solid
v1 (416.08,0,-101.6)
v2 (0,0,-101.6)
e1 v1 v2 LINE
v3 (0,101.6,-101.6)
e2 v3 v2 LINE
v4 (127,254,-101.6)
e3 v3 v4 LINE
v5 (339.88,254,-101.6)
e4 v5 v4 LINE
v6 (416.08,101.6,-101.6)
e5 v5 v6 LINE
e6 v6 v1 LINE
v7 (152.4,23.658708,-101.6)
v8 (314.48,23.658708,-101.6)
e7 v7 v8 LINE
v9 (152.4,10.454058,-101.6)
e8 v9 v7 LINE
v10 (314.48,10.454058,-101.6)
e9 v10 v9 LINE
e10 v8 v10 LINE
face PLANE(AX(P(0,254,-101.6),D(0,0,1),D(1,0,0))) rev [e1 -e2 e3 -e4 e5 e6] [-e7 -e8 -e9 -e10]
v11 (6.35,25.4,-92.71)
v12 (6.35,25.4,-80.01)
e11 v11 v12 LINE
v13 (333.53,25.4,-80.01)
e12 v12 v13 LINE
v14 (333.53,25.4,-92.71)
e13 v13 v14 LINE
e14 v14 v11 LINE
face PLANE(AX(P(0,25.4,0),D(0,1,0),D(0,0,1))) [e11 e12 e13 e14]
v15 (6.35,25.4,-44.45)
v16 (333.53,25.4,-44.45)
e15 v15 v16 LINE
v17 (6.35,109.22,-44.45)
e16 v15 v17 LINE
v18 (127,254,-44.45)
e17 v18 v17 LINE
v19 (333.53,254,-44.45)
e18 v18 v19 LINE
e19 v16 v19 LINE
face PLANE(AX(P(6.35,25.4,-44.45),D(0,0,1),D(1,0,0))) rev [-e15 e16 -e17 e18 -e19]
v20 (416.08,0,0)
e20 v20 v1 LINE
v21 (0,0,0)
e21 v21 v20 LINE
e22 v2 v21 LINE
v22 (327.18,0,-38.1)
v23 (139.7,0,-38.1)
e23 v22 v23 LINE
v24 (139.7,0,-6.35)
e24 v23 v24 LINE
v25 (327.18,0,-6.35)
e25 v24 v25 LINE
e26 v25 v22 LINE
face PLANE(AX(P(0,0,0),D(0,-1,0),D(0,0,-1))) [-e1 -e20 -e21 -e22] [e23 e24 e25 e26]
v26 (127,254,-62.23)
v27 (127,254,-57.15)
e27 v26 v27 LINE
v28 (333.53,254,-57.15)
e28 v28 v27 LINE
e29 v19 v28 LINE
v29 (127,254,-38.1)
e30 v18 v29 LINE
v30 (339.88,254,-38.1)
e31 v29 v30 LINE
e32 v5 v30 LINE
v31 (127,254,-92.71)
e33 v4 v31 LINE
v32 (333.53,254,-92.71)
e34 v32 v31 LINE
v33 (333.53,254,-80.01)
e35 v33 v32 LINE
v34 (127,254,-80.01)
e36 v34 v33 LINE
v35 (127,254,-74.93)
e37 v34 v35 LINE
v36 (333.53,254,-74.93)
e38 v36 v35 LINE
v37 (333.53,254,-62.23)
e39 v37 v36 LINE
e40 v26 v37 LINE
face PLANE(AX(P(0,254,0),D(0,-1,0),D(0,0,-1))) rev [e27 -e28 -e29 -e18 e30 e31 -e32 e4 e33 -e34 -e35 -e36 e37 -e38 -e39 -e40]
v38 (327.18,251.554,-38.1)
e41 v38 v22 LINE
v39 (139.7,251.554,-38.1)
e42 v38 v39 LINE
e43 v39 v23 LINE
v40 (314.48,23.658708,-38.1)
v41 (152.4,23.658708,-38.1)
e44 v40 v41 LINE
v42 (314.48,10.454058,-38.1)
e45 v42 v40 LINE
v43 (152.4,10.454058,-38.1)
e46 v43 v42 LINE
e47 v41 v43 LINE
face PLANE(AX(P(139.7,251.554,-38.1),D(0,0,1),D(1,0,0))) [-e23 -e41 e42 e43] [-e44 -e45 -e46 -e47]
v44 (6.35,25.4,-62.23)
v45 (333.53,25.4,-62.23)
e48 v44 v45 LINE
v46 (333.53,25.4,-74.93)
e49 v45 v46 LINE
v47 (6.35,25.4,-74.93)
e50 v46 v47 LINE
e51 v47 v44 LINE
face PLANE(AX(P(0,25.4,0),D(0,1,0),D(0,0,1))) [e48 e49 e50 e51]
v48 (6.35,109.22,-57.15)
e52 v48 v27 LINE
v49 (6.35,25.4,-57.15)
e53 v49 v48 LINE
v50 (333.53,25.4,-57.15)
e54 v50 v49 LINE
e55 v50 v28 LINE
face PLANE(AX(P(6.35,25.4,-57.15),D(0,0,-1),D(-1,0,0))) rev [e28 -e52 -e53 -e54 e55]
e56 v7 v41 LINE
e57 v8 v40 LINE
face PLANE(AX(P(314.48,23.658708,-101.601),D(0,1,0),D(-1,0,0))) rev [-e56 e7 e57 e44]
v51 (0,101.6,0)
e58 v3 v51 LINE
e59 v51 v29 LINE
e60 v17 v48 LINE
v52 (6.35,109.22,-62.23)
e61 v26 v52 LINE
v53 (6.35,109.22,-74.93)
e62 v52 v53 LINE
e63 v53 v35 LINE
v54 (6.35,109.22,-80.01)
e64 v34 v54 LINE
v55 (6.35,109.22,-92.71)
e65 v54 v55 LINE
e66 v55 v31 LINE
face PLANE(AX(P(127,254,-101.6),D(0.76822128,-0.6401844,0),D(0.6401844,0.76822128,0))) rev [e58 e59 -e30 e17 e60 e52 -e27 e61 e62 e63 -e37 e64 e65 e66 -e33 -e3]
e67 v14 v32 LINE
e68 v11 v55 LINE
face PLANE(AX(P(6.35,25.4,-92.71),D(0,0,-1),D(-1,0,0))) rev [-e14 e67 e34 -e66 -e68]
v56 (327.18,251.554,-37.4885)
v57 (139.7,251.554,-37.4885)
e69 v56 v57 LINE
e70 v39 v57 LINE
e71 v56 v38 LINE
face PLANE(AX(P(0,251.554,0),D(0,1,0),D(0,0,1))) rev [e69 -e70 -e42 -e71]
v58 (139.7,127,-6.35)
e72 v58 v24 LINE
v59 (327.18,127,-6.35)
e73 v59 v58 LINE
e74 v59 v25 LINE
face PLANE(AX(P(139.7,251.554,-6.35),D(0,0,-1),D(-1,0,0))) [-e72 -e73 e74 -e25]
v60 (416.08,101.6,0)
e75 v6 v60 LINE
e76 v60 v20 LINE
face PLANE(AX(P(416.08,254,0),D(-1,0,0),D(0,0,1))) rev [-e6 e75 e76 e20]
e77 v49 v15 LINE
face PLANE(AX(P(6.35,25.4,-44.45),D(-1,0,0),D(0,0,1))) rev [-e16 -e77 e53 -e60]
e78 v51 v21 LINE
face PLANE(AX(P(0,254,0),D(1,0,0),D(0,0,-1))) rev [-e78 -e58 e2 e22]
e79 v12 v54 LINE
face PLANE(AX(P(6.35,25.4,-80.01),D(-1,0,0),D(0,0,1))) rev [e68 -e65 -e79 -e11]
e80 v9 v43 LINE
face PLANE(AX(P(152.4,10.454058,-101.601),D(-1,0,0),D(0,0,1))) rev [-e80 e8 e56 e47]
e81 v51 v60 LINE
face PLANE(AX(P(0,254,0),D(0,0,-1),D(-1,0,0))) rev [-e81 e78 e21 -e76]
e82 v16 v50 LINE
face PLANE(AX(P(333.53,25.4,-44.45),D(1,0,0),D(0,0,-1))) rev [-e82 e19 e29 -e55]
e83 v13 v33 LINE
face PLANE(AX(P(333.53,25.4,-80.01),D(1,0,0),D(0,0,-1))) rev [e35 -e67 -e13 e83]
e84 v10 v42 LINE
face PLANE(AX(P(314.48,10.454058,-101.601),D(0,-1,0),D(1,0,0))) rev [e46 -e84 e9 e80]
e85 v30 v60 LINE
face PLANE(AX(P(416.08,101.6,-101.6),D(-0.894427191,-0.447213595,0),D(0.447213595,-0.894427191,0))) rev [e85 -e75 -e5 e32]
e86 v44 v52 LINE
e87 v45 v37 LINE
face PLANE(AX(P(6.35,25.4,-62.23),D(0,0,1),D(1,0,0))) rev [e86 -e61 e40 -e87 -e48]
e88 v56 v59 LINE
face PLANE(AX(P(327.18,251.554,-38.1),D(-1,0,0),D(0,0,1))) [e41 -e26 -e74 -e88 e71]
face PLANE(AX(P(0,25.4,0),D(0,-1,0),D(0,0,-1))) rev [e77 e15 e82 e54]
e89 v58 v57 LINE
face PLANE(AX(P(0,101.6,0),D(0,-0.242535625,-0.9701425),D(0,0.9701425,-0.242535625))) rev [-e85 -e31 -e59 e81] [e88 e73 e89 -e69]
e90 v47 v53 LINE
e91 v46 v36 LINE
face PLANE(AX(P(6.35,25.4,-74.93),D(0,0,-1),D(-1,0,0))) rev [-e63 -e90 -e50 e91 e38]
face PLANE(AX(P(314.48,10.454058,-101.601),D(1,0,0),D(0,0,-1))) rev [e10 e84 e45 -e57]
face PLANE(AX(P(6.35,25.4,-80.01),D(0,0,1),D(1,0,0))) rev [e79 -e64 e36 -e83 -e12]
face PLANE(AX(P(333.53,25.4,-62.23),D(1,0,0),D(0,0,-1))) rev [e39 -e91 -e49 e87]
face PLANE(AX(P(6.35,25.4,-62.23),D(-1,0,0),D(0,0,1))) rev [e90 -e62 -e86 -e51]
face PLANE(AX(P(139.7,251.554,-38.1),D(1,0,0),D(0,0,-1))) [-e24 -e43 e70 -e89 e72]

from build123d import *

# Parameters (mm, degrees)
SKETCH1_W           = 416.08
SKETCH1_H           = 101.6
BOSS_EXTRUDE2_DEPTH = 254
CUT_EXTRUDE1_DEPTH  = 101.6
SKETCH6_W           = 187.48
SKETCH6_H           = 31.75
CUT_EXTRUDE9_DEPTH  = 251.554
SKETCH8_W           = 327.18
SKETCH8_H           = 12.7
CUT_EXTRUDE11_DEPTH = 228.6
CUT_EXTRUDE12_DEPTH = 498.956952356
CUT_EXTRUDE13_REACH = 493.6
SKETCH10_W          = 162.08
SKETCH10_H          = 13.204649201


with BuildPart() as part:
    # Sketch1 → Boss-Extrude2 (new body)
    with BuildSketch(Plane(origin=(0, 0, 0), x_dir=(1, 0, 0), z_dir=(0, 1, 0))):
        with Locations((208.04, 50.8)):
            Rectangle(SKETCH1_W, SKETCH1_H)
    extrude(amount=BOSS_EXTRUDE2_DEPTH)

    # Sketch2 → Cut-Extrude1 (cut)
    with BuildSketch(Plane.XY):
        Polygon((0, 101.6), (0, 254), (127, 254), align=None)
        Polygon((416.08, 254), (416.08, 101.6), (339.88, 254), align=None)
    extrude(amount=-CUT_EXTRUDE1_DEPTH, mode=Mode.SUBTRACT)

    # Sketch6 → Cut-Extrude9 (cut)
    with BuildSketch(Plane(origin=(0, 0, 0), x_dir=(1, 0, 0), z_dir=(0, 1, 0))):
        with Locations((233.44, 22.225)):
            Rectangle(SKETCH6_W, SKETCH6_H)
    extrude(amount=CUT_EXTRUDE9_DEPTH, mode=Mode.SUBTRACT)

    # Sketch8 → Cut-Extrude11 (cut)
    with BuildSketch(Plane(origin=(0, 254, 0), x_dir=(1, 0, 0), z_dir=(0, 1, 0))):
        with Locations((169.94, 50.8)):
            Rectangle(SKETCH8_W, SKETCH8_H)
        with Locations((169.94, 68.58)):
            Rectangle(SKETCH8_W, SKETCH8_H)
        with Locations((169.94, 86.36)):
            Rectangle(SKETCH8_W, SKETCH8_H)
    extrude(amount=-CUT_EXTRUDE11_DEPTH, mode=Mode.SUBTRACT)

    # Sketch9 → Cut-Extrude12 (cut, through all)
    with BuildSketch(Plane(origin=(416.08, 0, 0), x_dir=(0, 0, -1), z_dir=(1, 0, 0))):
        Polygon((0, 254), (0, 101.6), (38.1, 254), align=None)
    extrude(amount=-CUT_EXTRUDE12_DEPTH, mode=Mode.SUBTRACT)

    # Sketch10 → Cut-Extrude13 (cut, up to next)
    with BuildSketch(Plane.XY.offset(-38.1), mode=Mode.PRIVATE) as cut_extrude13_sk1:
        with Locations((233.44, 17.056383054)):
            Rectangle(SKETCH10_W, SKETCH10_H)
    cut_extrude13_tool1 = extrude(cut_extrude13_sk1.sketch, amount=-CUT_EXTRUDE13_REACH, mode=Mode.PRIVATE) & part.part
    add(cut_extrude13_tool1.solids().sort_by_distance((233.44, 17.056383, -38.1))[0], mode=Mode.SUBTRACT)


solid = part.part
